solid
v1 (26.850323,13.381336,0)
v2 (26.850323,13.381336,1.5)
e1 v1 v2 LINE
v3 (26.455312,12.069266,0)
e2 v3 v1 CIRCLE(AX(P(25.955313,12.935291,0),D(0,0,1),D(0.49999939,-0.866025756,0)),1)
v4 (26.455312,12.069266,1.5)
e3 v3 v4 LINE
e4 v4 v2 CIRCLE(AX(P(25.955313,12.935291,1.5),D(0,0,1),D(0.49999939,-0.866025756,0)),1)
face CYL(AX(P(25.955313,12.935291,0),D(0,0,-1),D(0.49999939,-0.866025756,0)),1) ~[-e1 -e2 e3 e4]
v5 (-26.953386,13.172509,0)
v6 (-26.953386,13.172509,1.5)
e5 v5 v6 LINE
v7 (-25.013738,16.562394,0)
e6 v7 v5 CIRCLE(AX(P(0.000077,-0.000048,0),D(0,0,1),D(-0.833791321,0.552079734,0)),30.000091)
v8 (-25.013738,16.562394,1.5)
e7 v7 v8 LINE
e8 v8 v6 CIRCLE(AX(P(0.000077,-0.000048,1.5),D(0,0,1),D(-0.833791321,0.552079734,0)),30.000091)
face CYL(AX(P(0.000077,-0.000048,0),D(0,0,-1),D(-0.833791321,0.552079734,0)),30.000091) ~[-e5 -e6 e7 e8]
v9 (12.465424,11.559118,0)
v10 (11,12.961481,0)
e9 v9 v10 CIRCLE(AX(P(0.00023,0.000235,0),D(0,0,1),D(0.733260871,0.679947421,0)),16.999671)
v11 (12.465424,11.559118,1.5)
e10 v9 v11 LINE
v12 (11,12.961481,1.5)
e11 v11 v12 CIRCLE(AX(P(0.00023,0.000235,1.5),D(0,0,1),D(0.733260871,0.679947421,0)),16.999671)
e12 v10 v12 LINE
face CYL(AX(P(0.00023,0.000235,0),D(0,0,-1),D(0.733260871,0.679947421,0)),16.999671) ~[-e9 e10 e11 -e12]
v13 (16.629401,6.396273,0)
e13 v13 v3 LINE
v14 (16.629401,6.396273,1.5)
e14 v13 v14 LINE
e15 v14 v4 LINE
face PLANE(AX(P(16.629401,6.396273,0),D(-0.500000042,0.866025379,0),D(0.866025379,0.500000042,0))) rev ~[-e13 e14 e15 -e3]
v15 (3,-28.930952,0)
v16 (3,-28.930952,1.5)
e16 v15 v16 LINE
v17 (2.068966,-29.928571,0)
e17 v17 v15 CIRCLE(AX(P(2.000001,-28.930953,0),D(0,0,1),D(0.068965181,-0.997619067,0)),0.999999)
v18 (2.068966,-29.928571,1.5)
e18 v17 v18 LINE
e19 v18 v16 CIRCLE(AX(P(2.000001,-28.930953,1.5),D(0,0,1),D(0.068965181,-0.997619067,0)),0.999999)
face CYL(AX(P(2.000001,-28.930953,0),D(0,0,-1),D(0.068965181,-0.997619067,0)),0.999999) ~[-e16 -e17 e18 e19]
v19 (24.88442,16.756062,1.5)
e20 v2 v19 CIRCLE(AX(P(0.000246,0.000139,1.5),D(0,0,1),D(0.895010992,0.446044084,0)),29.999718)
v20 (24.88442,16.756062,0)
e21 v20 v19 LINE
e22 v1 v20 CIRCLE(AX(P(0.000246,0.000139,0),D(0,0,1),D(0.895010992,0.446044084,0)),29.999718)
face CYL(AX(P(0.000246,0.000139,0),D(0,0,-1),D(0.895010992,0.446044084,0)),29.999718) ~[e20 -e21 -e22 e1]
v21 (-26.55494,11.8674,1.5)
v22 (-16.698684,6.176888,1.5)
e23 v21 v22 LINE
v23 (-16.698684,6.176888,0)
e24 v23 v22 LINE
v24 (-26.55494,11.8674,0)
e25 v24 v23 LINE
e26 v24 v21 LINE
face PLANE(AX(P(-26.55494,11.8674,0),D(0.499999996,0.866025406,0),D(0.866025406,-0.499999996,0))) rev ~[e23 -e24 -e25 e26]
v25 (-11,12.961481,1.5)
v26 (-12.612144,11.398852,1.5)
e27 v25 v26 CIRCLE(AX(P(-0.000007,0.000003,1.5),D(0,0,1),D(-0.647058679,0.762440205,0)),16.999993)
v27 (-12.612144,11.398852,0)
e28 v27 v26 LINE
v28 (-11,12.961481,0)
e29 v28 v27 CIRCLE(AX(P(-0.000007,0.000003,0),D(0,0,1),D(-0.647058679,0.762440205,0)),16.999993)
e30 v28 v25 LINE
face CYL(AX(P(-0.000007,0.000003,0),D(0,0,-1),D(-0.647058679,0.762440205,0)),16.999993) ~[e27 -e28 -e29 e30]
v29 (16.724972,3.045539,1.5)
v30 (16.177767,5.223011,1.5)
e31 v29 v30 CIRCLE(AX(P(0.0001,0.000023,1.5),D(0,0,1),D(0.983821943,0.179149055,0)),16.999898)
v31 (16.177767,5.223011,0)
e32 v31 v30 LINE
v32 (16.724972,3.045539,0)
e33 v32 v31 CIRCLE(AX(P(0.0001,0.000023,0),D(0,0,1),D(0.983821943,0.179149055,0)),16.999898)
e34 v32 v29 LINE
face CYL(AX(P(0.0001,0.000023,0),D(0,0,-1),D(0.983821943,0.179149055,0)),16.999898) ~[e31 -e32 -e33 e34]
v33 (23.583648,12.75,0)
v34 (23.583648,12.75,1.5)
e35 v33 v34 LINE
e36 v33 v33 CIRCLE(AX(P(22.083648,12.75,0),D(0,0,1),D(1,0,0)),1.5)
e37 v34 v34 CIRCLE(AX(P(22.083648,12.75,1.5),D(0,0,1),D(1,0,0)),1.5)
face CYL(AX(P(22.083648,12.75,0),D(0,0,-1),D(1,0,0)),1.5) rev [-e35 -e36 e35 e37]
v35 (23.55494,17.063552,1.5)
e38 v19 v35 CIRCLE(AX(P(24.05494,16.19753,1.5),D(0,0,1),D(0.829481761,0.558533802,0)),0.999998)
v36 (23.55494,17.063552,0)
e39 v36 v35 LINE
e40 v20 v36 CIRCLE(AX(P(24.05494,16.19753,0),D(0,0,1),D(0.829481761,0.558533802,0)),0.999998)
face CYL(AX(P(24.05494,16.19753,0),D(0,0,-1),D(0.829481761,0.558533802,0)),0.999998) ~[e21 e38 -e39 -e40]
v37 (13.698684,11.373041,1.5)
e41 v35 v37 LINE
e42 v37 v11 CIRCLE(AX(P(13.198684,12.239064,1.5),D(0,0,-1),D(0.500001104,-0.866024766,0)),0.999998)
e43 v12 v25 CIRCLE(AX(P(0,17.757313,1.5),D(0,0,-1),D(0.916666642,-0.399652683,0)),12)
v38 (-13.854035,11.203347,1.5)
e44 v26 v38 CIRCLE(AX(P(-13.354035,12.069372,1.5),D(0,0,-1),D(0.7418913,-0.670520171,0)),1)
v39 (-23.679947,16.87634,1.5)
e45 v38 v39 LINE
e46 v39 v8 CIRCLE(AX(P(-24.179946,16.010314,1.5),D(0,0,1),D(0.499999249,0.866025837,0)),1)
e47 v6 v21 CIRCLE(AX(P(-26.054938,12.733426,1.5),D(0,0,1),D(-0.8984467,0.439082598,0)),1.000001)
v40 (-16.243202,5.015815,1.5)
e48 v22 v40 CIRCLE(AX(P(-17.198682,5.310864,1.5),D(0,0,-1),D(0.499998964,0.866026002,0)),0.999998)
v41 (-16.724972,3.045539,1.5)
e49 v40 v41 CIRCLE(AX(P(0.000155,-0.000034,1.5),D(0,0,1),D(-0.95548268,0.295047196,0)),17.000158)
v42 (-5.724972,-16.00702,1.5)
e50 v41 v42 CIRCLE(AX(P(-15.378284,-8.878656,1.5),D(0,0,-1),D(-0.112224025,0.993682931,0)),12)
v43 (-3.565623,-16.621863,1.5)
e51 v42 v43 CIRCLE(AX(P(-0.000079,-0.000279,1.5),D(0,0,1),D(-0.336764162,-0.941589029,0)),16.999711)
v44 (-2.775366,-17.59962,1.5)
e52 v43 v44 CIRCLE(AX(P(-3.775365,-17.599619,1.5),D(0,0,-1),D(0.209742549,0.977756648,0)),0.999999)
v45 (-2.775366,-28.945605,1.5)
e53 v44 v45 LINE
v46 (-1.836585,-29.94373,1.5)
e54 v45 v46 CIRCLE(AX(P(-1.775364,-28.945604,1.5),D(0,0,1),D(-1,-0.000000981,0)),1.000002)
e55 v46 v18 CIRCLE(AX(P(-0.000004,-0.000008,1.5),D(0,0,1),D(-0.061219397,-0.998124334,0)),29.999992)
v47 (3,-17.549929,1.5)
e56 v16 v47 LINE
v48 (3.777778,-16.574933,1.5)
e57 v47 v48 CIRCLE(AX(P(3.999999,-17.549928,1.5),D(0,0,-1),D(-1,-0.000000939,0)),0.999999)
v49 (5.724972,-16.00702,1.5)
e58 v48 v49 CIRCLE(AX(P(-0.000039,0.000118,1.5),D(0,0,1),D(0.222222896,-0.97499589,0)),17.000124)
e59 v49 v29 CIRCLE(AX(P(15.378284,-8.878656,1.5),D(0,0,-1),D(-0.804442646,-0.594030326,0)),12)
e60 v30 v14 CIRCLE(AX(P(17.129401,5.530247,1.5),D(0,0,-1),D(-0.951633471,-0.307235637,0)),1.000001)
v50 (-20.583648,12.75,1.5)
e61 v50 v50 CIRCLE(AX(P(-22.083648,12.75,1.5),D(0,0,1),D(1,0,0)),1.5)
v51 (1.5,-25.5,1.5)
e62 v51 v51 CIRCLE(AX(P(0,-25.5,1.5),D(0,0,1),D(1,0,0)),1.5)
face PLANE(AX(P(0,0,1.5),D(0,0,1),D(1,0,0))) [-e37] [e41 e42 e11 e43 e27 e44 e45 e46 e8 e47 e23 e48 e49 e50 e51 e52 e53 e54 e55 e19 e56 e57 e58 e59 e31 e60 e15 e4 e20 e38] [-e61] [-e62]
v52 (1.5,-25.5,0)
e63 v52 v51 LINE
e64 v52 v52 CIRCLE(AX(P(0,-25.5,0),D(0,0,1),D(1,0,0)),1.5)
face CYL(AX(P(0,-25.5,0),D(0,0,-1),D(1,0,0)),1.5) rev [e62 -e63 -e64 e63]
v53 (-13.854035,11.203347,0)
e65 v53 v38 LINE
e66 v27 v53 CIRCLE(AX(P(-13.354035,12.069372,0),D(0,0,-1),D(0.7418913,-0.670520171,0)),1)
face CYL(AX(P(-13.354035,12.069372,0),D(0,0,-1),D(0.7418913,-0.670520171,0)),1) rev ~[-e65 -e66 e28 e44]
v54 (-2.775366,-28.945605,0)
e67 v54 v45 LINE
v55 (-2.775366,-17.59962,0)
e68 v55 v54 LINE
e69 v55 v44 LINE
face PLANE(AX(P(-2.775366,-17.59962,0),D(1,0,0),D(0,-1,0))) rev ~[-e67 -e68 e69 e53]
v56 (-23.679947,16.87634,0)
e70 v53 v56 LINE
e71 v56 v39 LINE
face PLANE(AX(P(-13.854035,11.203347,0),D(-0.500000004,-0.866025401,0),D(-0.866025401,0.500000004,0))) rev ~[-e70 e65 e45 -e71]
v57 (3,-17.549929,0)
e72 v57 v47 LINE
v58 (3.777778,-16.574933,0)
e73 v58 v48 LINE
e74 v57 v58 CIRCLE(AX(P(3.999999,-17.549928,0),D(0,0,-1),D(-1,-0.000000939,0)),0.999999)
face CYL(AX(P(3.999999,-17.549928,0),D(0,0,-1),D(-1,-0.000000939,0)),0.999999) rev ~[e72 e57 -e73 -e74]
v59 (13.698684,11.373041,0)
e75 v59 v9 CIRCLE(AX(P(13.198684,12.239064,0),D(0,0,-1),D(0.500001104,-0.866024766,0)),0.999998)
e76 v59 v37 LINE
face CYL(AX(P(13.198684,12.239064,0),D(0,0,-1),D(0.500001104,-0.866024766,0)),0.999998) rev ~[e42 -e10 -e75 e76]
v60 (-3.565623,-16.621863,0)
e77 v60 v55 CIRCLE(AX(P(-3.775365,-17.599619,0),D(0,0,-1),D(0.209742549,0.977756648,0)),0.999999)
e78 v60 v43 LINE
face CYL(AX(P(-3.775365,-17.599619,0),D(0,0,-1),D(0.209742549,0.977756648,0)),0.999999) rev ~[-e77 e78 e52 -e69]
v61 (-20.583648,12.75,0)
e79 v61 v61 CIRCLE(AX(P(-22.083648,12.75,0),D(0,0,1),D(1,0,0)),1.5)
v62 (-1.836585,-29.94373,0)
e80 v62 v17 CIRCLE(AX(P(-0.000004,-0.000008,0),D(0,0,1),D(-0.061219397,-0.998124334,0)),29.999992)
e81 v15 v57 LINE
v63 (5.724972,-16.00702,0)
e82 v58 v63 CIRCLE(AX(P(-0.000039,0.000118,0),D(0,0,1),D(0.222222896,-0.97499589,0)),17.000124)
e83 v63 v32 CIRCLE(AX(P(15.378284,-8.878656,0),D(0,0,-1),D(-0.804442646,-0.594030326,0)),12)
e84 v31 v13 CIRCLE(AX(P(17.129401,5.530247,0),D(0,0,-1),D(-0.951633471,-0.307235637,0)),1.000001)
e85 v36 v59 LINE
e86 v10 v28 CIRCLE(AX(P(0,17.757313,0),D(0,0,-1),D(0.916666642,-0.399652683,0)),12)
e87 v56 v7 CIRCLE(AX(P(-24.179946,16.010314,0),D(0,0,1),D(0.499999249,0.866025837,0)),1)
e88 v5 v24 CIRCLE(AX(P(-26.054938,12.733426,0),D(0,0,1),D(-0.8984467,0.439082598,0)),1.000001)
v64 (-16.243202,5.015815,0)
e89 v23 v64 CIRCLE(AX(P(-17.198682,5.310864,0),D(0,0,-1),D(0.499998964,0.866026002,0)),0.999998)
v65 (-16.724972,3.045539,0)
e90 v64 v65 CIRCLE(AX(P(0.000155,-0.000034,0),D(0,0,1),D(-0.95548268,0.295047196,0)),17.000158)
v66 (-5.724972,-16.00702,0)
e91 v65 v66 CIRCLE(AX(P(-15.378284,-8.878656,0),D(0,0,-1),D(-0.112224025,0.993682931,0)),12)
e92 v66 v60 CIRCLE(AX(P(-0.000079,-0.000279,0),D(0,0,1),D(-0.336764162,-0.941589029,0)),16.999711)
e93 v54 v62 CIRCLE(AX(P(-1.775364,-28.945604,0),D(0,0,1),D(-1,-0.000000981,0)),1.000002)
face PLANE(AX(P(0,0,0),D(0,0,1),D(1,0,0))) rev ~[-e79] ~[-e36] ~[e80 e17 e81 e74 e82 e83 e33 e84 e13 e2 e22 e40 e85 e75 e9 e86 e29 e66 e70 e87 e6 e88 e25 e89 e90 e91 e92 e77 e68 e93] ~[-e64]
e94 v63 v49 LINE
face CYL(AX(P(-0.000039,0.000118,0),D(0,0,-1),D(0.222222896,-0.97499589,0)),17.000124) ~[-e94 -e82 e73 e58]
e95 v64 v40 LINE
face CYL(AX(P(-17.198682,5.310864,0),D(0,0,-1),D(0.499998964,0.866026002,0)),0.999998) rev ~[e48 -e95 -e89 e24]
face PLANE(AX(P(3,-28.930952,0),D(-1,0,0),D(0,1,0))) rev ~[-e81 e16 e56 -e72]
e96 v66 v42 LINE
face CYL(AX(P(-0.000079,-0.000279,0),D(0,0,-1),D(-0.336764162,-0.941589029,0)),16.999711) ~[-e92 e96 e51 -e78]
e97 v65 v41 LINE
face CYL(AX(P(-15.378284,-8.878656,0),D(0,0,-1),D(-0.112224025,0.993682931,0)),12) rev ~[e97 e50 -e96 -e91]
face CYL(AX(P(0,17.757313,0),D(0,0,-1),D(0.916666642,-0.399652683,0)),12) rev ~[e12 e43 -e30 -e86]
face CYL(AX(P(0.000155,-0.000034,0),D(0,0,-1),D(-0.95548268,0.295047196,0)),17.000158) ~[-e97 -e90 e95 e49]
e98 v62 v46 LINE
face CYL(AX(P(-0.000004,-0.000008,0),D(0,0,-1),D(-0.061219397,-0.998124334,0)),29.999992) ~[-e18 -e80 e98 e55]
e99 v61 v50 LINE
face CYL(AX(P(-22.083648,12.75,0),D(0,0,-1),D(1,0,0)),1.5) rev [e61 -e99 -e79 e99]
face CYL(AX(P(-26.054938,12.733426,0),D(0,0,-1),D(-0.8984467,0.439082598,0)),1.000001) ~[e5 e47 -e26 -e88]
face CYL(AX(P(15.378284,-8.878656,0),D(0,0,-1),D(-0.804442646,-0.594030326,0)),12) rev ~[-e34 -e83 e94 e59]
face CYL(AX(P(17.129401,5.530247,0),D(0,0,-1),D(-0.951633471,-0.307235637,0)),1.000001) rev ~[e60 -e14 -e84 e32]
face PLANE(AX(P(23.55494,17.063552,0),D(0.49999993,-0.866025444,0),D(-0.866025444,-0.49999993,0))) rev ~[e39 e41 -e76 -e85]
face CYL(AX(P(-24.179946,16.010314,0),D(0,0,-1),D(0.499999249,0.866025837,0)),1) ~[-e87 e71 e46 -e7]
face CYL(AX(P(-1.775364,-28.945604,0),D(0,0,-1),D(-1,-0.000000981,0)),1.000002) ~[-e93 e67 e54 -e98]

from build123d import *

# Parameters (mm, degrees)
F0_R     = 1.5
F1_DEPTH = 1.5


with BuildPart() as f1:
    # F0 (on Top) → F1 (new body)
    with BuildSketch(Plane.XY):
        with BuildLine():
            ThreePointArc((-23.679947, 16.87634), (-24.409064, 16.983713), (-25.013738, 16.562394))
            ThreePointArc((-25.013738, 16.562394), (-26.038785, 14.899049), (-26.953386, 13.172509))
            ThreePointArc((-26.953386, 13.172509), (-27.01136, 12.441433), (-26.55494, 11.8674))
            Line((-26.55494, 11.8674), (-16.698684, 6.176888))
            ThreePointArc((-16.698684, 6.176888), (-16.267754, 5.676061), (-16.243202, 5.015815))
            ThreePointArc((-16.243202, 5.015815), (-16.513498, 4.037868), (-16.724972, 3.045539))
            ThreePointArc((-16.724972, 3.045539), (-4.985979, -2.878656), (-5.724972, -16.00702))
            ThreePointArc((-5.724972, -16.00702), (-4.655459, -16.350129), (-3.565623, -16.621863))
            ThreePointArc((-3.565623, -16.621863), (-2.997631, -16.971027), (-2.775366, -17.59962))
            Line((-2.775366, -17.59962), (-2.775366, -28.945605))
            ThreePointArc((-2.775366, -28.945605), (-2.503795, -29.630726), (-1.836585, -29.94373))
            ThreePointArc((-1.836585, -29.94373), (0.116437, -29.999774), (2.068966, -29.928571))
            ThreePointArc((2.068966, -29.928571), (2.731083, -29.613241), (3, -28.930952))
            Line((3, -28.930952), (3, -17.549929))
            ThreePointArc((3, -17.549929), (3.218264, -16.926319), (3.777778, -16.574933))
            ThreePointArc((3.777778, -16.574933), (4.759852, -16.320043), (5.724972, -16.00702))
            ThreePointArc((5.724972, -16.00702), (4.985979, -2.878656), (16.724972, 3.045539))
            ThreePointArc((16.724972, 3.045539), (16.487356, 4.143319), (16.177767, 5.223011))
            ThreePointArc((16.177767, 5.223011), (16.196156, 5.889489), (16.629401, 6.396273))
            Line((16.629401, 6.396273), (26.455312, 12.069266))
            ThreePointArc((26.455312, 12.069266), (26.912859, 12.647013), (26.850323, 13.381336))
            ThreePointArc((26.850323, 13.381336), (25.922348, 15.100725), (24.88442, 16.756062))
            ThreePointArc((24.88442, 16.756062), (24.280277, 17.171808), (23.55494, 17.063552))
            Line((23.55494, 17.063552), (13.698684, 11.373041))
            ThreePointArc((13.698684, 11.373041), (13.04949, 11.250258), (12.465424, 11.559118))
            ThreePointArc((12.465424, 11.559118), (11.753646, 12.282175), (11, 12.961481))
            ThreePointArc((11, 12.961481), (0, 5.757313), (-11, 12.961481))
            ThreePointArc((-11, 12.961481), (-11.831897, 12.20681), (-12.612144, 11.398852))
            ThreePointArc((-12.612144, 11.398852), (-13.198525, 11.081538), (-13.854035, 11.203347))
            Line((-13.854035, 11.203347), (-23.679947, 16.87634))
        make_face()
        with Locations((0, -25.5)):
            Circle(F0_R, mode=Mode.SUBTRACT)
        with Locations((-22.083648, 12.75)):
            Circle(F0_R, mode=Mode.SUBTRACT)
        with Locations((22.083648, 12.75)):
            Circle(F0_R, mode=Mode.SUBTRACT)
    extrude(amount=F1_DEPTH)


solid = f1.part
